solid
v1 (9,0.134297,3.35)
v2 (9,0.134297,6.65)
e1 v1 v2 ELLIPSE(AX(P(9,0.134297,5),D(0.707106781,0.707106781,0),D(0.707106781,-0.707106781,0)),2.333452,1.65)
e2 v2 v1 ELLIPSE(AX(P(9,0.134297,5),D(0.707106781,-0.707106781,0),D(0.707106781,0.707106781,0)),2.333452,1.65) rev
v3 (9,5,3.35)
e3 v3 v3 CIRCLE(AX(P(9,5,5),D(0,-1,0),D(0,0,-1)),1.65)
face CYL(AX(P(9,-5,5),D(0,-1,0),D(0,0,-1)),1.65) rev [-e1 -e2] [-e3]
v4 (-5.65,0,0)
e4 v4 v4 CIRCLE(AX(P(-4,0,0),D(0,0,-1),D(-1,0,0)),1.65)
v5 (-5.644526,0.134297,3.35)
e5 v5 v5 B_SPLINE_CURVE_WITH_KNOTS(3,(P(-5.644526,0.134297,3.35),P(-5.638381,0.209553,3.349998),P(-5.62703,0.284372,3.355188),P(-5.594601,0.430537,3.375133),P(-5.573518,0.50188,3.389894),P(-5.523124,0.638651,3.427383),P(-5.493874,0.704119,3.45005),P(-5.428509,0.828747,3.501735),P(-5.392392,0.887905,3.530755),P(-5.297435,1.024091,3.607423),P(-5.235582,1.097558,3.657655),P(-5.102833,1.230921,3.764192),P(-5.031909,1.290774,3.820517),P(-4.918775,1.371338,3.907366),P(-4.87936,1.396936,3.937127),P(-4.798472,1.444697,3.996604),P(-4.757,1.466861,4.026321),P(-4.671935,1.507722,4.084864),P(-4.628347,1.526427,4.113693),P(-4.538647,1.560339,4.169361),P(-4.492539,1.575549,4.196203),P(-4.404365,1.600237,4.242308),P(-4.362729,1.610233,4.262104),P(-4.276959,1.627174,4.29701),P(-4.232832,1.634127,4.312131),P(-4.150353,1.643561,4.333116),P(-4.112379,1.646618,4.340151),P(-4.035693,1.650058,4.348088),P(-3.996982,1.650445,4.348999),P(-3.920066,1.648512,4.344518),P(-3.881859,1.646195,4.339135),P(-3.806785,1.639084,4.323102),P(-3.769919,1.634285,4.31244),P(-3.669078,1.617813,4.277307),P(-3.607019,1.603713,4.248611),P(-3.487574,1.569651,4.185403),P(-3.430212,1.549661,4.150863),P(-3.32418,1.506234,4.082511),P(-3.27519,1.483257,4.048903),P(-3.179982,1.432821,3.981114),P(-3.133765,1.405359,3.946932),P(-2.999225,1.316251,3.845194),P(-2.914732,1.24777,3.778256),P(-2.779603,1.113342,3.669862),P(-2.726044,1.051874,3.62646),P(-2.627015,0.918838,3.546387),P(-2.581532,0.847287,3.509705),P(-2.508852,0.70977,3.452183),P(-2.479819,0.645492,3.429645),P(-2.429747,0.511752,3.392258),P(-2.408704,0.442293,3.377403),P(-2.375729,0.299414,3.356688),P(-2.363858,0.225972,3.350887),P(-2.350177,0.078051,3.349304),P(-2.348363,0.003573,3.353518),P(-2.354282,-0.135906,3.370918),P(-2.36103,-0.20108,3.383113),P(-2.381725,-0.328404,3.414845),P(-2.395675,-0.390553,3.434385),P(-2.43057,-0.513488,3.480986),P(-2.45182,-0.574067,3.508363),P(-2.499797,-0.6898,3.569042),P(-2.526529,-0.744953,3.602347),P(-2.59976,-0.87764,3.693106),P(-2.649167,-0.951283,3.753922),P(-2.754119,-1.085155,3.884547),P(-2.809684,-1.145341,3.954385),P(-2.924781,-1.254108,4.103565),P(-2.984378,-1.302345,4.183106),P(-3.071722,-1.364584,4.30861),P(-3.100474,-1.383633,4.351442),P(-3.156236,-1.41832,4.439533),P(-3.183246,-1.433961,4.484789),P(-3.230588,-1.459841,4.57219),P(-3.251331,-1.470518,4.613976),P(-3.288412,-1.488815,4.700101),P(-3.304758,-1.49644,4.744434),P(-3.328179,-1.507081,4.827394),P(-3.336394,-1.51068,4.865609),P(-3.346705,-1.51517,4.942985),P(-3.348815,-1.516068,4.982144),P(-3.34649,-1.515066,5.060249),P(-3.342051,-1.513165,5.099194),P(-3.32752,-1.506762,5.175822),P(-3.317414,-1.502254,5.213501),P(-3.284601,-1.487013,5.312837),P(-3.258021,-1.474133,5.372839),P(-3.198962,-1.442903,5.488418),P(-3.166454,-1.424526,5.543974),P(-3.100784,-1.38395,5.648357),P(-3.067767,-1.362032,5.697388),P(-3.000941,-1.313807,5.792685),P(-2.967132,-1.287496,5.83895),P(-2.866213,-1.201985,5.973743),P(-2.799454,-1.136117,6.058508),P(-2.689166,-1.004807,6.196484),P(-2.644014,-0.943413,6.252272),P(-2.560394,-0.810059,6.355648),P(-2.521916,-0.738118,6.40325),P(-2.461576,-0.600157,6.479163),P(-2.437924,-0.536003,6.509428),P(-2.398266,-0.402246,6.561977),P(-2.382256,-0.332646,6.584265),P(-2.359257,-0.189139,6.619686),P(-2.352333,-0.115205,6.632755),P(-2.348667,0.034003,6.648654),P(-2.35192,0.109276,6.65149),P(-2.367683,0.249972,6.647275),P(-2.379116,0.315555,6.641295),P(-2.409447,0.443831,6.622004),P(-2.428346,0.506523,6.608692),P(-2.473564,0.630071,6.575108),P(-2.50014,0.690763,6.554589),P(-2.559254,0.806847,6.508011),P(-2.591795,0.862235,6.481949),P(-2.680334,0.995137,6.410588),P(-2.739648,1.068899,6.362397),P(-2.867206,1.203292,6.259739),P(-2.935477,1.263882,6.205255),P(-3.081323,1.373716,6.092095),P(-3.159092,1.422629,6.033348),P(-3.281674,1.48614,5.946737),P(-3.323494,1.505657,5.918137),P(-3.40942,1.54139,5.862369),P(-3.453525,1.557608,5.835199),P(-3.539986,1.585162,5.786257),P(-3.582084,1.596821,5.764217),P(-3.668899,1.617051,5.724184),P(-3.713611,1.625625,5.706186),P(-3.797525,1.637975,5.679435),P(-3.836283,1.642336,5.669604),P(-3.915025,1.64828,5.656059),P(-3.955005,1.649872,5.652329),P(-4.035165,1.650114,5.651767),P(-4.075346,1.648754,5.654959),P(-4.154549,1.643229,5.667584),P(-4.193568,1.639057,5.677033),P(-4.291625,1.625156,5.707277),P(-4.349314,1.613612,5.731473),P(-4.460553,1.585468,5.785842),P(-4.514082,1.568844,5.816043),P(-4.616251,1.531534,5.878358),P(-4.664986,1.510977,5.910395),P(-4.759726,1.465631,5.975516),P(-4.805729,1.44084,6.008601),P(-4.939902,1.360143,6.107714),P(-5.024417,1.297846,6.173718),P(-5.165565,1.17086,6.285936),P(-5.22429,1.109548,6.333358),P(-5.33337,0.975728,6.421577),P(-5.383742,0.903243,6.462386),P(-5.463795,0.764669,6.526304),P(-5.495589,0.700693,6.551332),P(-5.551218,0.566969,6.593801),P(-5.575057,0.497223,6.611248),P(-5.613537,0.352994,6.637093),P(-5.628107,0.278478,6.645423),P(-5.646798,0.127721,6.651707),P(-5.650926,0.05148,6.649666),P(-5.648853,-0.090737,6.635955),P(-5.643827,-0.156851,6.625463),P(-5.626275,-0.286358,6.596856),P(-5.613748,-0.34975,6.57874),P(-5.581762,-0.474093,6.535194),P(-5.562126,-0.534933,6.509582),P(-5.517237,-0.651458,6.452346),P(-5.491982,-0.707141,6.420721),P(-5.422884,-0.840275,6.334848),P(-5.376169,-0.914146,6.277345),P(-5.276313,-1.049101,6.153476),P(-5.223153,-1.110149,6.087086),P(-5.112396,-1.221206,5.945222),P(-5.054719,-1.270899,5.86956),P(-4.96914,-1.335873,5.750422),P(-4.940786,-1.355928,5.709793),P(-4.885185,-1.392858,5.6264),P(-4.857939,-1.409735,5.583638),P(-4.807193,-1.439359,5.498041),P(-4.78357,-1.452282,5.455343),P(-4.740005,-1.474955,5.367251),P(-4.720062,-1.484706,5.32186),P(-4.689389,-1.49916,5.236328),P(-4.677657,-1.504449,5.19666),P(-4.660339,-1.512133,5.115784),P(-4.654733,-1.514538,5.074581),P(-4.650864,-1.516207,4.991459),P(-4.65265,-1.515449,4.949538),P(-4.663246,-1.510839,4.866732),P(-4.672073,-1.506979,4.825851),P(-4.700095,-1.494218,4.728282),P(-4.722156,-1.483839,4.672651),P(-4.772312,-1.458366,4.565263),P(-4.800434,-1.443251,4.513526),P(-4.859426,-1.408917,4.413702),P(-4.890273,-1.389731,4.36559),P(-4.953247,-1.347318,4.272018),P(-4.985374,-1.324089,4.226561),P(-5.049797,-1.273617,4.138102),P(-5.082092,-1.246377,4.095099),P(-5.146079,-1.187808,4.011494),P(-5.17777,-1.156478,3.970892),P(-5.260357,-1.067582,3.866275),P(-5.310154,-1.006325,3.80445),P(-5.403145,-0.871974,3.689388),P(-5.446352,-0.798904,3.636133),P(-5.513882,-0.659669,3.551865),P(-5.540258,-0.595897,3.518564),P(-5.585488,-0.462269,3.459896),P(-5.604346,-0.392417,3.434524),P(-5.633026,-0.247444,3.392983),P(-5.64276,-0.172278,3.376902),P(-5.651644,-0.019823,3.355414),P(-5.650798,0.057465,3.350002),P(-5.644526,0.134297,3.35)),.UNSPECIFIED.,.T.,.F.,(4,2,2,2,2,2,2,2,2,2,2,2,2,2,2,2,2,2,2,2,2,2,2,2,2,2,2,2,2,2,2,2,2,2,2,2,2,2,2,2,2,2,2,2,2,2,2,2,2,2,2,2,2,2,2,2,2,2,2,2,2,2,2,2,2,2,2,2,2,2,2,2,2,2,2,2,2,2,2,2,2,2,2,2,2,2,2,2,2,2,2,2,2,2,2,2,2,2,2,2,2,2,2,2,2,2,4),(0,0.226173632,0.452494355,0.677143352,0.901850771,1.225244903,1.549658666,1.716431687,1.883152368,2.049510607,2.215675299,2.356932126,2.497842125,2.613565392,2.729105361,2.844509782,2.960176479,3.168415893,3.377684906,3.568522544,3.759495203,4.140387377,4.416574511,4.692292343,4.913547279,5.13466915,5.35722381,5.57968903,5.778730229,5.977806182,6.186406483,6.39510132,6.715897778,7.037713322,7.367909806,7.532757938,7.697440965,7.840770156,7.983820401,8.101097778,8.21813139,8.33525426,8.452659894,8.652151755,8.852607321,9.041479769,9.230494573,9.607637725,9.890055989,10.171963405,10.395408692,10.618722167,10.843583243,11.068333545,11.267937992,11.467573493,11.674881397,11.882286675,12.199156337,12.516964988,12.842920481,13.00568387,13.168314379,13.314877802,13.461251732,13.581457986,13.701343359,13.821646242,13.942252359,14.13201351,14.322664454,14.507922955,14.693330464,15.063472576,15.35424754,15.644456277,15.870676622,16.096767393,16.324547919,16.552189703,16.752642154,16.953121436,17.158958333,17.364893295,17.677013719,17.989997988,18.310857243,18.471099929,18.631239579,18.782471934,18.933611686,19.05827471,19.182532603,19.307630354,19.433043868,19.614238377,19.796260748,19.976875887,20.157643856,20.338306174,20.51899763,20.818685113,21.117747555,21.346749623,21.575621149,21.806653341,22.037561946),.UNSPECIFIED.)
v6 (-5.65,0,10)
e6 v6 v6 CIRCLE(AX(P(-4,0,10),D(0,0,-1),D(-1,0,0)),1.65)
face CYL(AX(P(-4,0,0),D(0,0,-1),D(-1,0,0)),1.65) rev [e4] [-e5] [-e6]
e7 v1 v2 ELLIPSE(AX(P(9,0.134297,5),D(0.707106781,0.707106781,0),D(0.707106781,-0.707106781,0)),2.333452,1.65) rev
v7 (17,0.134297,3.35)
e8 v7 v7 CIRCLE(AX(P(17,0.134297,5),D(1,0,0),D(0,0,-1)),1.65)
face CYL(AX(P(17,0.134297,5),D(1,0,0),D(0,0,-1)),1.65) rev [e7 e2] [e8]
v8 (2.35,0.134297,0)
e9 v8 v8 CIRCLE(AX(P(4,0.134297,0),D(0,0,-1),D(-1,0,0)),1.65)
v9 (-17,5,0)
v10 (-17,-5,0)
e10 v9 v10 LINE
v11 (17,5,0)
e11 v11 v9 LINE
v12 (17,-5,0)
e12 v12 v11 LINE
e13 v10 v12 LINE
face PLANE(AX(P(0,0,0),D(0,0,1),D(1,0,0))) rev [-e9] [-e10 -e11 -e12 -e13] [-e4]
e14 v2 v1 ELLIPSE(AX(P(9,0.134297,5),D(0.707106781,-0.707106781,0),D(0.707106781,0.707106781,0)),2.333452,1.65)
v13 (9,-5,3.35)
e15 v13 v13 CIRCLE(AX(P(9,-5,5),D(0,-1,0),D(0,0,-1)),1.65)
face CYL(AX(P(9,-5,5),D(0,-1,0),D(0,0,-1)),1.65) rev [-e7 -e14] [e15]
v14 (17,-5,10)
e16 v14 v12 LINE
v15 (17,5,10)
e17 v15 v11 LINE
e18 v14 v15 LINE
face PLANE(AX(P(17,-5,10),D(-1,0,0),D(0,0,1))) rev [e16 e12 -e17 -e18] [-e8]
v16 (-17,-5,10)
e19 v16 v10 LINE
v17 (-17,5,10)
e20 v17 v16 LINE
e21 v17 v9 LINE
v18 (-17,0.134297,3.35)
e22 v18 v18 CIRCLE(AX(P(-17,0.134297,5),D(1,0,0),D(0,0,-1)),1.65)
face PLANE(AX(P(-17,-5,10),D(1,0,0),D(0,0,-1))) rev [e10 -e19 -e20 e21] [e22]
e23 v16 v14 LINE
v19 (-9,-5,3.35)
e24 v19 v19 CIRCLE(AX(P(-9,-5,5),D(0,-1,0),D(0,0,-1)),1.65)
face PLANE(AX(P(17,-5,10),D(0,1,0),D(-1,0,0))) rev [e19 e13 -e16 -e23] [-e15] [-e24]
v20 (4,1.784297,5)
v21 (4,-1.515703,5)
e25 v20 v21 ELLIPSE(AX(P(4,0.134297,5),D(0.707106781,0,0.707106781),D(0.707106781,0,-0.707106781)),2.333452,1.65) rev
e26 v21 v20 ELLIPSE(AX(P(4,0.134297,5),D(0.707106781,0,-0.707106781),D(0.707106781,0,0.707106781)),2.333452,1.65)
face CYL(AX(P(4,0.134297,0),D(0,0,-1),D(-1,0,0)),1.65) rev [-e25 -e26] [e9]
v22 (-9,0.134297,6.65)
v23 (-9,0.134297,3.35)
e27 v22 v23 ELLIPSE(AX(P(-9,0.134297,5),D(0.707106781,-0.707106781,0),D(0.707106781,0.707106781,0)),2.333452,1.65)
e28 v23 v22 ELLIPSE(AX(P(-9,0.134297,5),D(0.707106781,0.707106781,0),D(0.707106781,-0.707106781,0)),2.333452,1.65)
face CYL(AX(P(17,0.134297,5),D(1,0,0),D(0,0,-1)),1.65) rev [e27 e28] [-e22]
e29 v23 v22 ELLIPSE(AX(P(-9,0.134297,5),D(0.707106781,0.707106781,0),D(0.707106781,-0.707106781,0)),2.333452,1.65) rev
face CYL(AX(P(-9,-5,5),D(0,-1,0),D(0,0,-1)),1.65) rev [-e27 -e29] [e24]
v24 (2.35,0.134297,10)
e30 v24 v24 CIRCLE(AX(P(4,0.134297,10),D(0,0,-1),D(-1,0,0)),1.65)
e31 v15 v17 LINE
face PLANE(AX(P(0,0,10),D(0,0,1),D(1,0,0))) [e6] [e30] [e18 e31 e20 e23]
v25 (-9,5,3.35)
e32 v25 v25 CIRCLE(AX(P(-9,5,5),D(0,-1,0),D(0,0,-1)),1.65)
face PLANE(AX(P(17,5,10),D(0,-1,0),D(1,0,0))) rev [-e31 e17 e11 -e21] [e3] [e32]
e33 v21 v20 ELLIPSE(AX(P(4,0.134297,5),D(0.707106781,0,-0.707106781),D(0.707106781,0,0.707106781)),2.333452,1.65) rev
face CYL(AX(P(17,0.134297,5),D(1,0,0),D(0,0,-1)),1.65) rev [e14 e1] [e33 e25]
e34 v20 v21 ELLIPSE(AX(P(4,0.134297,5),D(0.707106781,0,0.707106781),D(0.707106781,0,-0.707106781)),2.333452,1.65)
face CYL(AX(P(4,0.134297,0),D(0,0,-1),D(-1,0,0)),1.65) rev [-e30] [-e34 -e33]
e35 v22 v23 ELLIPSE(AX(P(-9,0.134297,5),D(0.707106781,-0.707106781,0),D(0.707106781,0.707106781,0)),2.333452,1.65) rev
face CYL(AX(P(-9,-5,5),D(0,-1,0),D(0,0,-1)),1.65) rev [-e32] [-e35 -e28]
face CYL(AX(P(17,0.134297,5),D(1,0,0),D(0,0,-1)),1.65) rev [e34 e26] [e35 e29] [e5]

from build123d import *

# Parameters (mm, degrees)
SKETCH_3_W         = 34
SKETCH_3_H         = 10
EXTRUDE_2_DEPTH    = 10
HOLE_WIZARD_M4_1_D = 3.3
HOLE_WIZARD_M4_2_D = 3.3
HOLE_WIZARD_M4_3_D = 3.3
HOLE_WIZARD_M4_4_D = 3.3
HOLE_WIZARD_M4_5_D = 3.3


with BuildPart() as part:
    # 草图3 → 凸台-拉伸2 (new body)
    with BuildSketch(Plane.XY):
        Rectangle(SKETCH_3_W, SKETCH_3_H)
    extrude(amount=EXTRUDE_2_DEPTH)

    # M4 螺纹孔的螺纹孔钻头1 (through all)
    with Locations(Plane(origin=(17, 0.134296894, 5), x_dir=(0, 0, 1), z_dir=(1, 0, 0))):
        with Locations((0, 0)):
            Hole(HOLE_WIZARD_M4_1_D / 2)

    # M4 螺纹孔的螺纹孔钻头2 (through all)
    with Locations(Plane(origin=(9, -5, 5), x_dir=(-1, 0, 0), z_dir=(0, -1, 0))):
        with Locations((0, 0)):
            Hole(HOLE_WIZARD_M4_2_D / 2)

    # M4 螺纹孔的螺纹孔钻头3 (through all)
    with Locations(Plane(origin=(-9, -5, 5), x_dir=(-1, 0, 0), z_dir=(0, -1, 0))):
        with Locations((0, 0)):
            Hole(HOLE_WIZARD_M4_3_D / 2)

    # M4 螺纹孔的螺纹孔钻头4 (through all)
    with Locations(Plane(origin=(4, 0.134296894, 0), x_dir=(-1, 0, 0), z_dir=(0, 0, -1))):
        with Locations((0, 0)):
            Hole(HOLE_WIZARD_M4_4_D / 2)

    # M4 螺纹孔的螺纹孔钻头5 (through all)
    with Locations(Plane(origin=(-4, 0, 0), x_dir=(-1, 0, 0), z_dir=(0, 0, -1))):
        with Locations((0, 0)):
            Hole(HOLE_WIZARD_M4_5_D / 2)


solid = part.part
